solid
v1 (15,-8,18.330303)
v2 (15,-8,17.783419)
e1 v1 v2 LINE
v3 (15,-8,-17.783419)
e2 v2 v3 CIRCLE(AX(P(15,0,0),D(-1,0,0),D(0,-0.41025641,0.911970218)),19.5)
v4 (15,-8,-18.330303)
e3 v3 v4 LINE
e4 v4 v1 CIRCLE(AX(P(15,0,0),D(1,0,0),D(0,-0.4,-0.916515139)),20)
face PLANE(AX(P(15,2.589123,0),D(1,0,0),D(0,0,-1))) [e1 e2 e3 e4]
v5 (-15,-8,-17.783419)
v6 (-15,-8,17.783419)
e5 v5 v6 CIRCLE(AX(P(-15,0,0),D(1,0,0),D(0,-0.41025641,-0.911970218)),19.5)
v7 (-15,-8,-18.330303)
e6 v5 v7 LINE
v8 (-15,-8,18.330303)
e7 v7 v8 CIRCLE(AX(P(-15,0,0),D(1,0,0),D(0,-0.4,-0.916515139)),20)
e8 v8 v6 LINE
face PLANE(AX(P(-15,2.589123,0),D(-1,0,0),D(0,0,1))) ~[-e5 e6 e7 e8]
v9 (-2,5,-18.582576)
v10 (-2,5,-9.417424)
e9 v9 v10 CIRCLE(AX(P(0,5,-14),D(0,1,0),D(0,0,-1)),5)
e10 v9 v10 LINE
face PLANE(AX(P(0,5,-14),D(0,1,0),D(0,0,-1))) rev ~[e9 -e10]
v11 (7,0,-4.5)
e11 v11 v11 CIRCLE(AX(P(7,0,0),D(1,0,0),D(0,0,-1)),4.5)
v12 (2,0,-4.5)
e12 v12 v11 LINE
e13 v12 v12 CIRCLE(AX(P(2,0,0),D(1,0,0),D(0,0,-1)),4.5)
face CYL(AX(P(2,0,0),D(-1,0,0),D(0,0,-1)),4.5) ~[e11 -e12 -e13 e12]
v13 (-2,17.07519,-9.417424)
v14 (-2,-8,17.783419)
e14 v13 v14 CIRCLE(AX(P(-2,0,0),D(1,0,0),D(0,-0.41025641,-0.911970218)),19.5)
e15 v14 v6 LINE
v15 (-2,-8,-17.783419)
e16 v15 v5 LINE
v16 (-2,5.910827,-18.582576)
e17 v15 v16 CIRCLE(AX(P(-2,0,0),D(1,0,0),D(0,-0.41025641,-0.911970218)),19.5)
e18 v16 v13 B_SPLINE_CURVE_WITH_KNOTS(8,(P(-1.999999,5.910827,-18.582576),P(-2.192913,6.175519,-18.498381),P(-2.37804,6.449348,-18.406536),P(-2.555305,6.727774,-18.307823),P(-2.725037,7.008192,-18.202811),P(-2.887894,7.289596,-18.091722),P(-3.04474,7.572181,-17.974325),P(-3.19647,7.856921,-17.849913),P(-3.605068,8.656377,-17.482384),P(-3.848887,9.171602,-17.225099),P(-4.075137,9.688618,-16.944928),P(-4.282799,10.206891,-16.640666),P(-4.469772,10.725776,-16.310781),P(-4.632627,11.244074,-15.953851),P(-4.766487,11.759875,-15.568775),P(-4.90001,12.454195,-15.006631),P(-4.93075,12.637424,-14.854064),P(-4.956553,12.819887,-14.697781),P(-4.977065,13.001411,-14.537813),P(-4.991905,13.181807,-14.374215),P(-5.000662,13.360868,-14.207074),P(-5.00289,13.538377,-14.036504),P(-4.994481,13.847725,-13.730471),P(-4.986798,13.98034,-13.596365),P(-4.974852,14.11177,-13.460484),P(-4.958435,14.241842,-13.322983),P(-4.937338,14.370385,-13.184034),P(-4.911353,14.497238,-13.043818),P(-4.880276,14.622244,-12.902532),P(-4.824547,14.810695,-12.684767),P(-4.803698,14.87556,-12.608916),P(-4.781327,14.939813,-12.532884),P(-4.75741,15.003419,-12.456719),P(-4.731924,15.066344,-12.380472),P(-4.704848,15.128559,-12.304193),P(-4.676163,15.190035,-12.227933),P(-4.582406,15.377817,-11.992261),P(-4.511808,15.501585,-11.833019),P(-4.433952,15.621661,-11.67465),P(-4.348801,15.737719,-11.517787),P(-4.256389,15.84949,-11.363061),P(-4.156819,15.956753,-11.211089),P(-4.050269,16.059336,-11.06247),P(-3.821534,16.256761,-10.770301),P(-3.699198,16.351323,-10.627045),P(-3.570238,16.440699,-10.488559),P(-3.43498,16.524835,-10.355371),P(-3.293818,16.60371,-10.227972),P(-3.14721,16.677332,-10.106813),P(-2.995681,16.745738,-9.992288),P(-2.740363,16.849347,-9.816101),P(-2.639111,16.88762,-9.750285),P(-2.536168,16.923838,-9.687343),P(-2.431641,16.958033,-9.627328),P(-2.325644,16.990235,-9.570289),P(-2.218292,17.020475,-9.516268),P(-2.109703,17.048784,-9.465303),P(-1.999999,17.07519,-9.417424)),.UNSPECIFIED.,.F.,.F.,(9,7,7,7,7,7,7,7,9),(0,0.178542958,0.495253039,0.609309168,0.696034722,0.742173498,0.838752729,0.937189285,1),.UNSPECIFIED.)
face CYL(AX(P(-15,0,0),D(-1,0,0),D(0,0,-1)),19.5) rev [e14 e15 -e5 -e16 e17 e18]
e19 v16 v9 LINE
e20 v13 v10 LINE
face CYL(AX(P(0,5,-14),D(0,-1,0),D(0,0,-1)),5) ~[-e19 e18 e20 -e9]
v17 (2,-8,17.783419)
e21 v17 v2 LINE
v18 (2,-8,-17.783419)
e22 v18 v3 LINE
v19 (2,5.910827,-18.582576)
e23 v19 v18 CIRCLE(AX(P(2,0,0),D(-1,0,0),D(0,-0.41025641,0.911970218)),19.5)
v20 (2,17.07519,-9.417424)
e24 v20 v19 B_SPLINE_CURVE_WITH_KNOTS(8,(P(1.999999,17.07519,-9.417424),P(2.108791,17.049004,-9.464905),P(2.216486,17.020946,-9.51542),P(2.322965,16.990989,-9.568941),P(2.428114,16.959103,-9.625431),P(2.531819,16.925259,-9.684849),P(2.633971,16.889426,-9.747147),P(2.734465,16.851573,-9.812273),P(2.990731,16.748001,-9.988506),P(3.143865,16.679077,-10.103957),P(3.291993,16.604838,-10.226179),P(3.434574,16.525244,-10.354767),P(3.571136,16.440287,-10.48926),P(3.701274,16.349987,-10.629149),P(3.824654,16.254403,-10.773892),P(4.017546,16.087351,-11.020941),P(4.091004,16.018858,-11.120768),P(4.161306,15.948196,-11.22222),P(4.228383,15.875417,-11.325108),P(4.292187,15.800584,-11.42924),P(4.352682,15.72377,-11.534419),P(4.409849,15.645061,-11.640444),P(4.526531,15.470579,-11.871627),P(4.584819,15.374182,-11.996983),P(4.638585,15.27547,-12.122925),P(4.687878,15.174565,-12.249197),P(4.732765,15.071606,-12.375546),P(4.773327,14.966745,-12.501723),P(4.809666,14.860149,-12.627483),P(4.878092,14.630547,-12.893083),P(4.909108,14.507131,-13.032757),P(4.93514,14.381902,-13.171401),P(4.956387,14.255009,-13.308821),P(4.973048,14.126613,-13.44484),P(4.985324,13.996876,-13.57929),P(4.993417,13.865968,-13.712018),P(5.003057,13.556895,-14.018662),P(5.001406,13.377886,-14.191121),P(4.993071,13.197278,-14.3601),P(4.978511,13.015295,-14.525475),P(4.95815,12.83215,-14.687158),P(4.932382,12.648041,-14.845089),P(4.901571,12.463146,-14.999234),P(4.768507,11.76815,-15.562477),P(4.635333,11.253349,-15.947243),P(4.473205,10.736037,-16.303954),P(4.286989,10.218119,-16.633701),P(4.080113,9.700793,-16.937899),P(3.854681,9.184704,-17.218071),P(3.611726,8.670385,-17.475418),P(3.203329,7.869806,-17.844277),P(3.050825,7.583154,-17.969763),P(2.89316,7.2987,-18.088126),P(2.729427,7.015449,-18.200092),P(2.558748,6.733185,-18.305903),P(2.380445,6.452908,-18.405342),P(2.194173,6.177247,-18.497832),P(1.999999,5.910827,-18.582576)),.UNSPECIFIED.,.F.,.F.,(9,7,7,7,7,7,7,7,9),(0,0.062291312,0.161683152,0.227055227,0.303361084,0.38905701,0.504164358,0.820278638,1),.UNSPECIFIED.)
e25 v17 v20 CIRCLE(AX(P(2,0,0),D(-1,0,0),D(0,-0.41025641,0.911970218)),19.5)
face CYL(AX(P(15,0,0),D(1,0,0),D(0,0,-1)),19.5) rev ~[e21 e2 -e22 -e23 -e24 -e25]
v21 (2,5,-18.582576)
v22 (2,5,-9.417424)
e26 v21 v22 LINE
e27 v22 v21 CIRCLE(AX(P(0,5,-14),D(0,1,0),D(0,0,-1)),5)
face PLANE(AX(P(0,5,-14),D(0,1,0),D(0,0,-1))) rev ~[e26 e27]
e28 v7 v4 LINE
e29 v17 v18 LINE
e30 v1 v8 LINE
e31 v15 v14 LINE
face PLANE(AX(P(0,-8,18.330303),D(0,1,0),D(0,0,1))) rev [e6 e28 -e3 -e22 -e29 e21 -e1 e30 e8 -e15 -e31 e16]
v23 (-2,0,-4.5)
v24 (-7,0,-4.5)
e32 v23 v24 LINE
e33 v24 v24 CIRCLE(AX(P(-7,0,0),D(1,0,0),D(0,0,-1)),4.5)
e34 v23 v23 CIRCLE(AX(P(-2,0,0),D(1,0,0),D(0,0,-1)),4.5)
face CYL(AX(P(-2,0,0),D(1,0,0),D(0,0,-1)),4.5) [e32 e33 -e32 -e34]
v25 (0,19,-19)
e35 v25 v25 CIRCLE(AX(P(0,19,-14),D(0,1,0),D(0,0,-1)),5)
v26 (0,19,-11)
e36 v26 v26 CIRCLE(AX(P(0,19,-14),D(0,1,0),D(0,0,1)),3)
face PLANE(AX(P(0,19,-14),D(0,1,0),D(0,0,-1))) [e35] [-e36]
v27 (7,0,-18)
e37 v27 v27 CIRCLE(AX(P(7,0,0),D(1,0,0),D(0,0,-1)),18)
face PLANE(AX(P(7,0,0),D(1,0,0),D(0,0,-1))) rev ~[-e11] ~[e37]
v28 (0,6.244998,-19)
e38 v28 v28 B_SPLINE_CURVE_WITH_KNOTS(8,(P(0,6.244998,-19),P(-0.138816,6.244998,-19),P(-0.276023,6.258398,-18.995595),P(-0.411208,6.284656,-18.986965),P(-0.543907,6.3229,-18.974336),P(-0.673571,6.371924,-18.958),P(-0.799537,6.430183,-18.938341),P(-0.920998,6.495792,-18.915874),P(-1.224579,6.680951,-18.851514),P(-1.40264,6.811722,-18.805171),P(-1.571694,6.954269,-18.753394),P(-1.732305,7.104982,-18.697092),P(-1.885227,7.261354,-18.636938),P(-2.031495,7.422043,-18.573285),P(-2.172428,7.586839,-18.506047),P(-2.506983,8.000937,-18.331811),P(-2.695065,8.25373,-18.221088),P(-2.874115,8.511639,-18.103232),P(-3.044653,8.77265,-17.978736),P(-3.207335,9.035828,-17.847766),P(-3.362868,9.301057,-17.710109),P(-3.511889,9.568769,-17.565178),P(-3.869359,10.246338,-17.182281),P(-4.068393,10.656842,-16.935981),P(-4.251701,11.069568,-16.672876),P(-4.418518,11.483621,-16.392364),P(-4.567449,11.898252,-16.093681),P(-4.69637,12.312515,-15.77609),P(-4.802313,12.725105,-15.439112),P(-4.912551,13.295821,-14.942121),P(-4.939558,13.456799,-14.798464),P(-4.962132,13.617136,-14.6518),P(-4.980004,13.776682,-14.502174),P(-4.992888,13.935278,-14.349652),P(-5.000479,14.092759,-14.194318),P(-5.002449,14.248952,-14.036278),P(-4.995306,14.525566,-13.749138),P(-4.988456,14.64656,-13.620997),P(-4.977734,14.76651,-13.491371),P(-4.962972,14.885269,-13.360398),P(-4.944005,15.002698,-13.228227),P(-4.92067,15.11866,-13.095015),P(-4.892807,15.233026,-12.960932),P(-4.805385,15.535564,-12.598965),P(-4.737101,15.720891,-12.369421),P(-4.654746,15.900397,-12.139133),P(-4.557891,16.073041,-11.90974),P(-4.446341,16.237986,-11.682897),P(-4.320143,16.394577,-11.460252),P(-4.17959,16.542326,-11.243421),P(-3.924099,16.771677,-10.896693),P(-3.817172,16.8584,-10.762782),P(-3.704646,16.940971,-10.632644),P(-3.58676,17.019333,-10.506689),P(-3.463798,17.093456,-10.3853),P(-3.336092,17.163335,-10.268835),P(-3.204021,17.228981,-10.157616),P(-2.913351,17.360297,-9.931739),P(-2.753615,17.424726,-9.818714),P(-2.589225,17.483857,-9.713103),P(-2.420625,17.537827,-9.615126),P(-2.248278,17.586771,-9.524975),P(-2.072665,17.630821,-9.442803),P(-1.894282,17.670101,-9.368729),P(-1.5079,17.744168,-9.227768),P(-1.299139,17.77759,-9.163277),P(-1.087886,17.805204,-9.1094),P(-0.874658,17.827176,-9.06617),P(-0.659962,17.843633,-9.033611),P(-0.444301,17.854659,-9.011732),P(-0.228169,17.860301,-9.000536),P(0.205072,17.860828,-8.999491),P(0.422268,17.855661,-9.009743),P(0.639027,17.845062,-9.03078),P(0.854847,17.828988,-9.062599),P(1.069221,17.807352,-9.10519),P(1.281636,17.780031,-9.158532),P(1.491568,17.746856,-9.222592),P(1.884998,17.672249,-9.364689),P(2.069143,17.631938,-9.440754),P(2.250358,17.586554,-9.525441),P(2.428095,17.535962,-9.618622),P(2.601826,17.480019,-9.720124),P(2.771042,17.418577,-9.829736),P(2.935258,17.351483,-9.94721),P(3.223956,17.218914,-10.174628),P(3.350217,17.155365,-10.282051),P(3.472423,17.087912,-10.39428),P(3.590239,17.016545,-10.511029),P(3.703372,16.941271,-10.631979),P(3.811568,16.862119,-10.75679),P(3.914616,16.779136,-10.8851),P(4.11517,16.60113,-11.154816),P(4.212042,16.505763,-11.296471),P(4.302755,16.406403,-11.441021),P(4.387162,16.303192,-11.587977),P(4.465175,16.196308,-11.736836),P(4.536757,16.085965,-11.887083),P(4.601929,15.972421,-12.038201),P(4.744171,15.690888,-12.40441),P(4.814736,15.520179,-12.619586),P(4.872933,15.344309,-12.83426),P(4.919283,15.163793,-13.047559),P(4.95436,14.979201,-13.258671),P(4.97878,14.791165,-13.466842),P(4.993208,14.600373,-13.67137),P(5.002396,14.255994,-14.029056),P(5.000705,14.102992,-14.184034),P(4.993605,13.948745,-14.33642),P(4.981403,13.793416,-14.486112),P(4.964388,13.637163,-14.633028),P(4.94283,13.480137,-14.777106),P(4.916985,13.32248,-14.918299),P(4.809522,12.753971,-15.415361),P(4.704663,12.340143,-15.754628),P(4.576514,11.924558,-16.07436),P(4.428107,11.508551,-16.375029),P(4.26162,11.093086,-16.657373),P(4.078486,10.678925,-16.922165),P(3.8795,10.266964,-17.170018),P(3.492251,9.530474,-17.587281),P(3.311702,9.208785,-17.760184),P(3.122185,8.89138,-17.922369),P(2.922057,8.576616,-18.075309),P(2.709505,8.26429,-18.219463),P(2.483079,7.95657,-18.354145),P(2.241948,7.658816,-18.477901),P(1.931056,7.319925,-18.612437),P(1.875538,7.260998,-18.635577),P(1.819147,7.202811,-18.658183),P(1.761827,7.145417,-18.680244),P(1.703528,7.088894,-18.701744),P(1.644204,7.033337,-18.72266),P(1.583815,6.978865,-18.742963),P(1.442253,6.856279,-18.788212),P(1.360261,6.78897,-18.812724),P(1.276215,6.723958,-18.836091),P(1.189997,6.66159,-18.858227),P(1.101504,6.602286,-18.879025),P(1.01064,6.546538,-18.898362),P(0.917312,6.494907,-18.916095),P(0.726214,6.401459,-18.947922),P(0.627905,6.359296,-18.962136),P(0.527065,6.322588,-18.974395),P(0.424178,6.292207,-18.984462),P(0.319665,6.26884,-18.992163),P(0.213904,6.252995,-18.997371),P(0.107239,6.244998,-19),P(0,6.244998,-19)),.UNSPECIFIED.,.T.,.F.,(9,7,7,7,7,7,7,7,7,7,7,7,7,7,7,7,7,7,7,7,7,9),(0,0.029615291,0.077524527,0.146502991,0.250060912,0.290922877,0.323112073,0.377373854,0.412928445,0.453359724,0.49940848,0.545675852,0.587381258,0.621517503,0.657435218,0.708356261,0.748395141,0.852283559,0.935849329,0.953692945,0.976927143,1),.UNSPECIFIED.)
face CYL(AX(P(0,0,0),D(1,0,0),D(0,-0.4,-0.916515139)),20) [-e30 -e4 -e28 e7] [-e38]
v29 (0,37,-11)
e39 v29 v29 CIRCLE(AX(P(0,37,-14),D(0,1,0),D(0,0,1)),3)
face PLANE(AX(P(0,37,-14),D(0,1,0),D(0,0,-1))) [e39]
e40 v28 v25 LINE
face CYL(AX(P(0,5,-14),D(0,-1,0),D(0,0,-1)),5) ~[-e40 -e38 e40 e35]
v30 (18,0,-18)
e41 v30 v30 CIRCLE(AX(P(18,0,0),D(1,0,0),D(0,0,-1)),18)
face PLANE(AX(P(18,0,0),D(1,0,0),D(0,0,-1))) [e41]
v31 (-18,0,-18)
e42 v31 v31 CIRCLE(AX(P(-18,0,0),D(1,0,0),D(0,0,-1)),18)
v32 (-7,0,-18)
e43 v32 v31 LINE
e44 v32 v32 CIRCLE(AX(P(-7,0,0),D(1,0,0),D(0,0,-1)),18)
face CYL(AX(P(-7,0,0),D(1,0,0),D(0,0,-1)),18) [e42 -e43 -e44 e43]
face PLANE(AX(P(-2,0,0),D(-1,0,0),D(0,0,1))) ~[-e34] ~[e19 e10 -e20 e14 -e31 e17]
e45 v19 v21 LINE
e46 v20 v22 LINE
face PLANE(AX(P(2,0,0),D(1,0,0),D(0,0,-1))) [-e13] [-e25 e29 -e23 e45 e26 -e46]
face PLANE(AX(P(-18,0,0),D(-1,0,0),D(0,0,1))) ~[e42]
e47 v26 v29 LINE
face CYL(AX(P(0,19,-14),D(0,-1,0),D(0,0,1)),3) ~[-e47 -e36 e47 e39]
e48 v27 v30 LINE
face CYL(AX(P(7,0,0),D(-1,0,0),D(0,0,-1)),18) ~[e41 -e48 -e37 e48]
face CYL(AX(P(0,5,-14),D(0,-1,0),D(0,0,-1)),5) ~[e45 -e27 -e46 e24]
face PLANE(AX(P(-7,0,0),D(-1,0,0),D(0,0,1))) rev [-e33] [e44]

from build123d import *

# Parameters (mm, degrees)
BASE_ROUE_DEPTH         = 15
ESQUISSE2_R             = 19.5
VIDE_ROUE_DEPTH         = 13
ESQUISSE3_R             = 4.5
AXE_ROUE_DEPTH          = 5
ESQUISSE4_R             = 18
ROUE_DEPTH              = 11
ESQUISSE6_R             = 5
VIS_DEPTH               = 32
ENL_V_START             = -18
ESQUISSE7_R             = 5
ESQUISSE7_R_2           = 3
ENL_V_MAT_EXTRU_3_DEPTH = 18


with BuildPart() as part:
    # Esquisse1 → BASE ROUE (new body)
    with BuildSketch(Plane(origin=(0, 0, 0), x_dir=(0, 0, -1), z_dir=(1, 0, 0))):
        with BuildLine():
            Line((-18.33030278, -8), (18.33030278, -8))
            ThreePointArc((18.33030278, -8), (0, 20), (-18.33030278, -8))
        make_face()
    base_roue = extrude(amount=BASE_ROUE_DEPTH)

    # Esquisse2 → VIDE ROUE (cut)
    with BuildSketch(Plane(origin=(15, 0, 0), x_dir=(0, 0, -1), z_dir=(1, 0, 0))):
        Circle(ESQUISSE2_R)
    vide_roue = extrude(amount=-VIDE_ROUE_DEPTH, mode=Mode.SUBTRACT)

    # Esquisse3 → AXE ROUE (add)
    with BuildSketch(Plane(origin=(2, 0, 0), x_dir=(0, 0, -1), z_dir=(1, 0, 0))):
        Circle(ESQUISSE3_R)
    axe_roue = extrude(amount=AXE_ROUE_DEPTH)

    # Esquisse4 → ROUE (add)
    with BuildSketch(Plane(origin=(7, 0, 0), x_dir=(0, 0, -1), z_dir=(1, 0, 0))):
        Circle(ESQUISSE4_R)
    roue = extrude(amount=ROUE_DEPTH)

    # SYM ROUE + BASE: BASE ROUE, VIDE ROUE, AXE ROUE, ROUE across plane
    add(base_roue.mirror(Plane(origin=(0, 0, 0), x_dir=(0, 0, 1), z_dir=(1, 0, 0))))
    add(vide_roue.mirror(Plane(origin=(0, 0, 0), x_dir=(0, 0, 1), z_dir=(1, 0, 0))), mode=Mode.SUBTRACT)
    add(axe_roue.mirror(Plane(origin=(0, 0, 0), x_dir=(0, 0, 1), z_dir=(1, 0, 0))))
    add(roue.mirror(Plane(origin=(0, 0, 0), x_dir=(0, 0, 1), z_dir=(1, 0, 0))))

    # Esquisse6 → VIS (add)
    with BuildSketch(Plane(origin=(0, 5, 0), x_dir=(1, 0, 0), z_dir=(0, 1, 0))):
        with Locations(Location((0, 14, 0), (0, 0, 90))):
            Circle(ESQUISSE6_R)
    extrude(amount=VIS_DEPTH)

    # Esquisse7 → Enlèv. mat.-Extru.3 (cut)
    with BuildSketch(Plane(origin=(0, 37, 0), x_dir=(1, 0, 0), z_dir=(0, 1, 0)).offset(ENL_V_START)):
        with Locations(Location((0, 14, 0), (0, 0, 90))):
            Circle(ESQUISSE7_R)
        with Locations(Location((0, 14, 0), (0, 0, 270))):
            Circle(ESQUISSE7_R_2, mode=Mode.SUBTRACT)
    extrude(amount=ENL_V_MAT_EXTRU_3_DEPTH, mode=Mode.SUBTRACT)


solid = part.part
